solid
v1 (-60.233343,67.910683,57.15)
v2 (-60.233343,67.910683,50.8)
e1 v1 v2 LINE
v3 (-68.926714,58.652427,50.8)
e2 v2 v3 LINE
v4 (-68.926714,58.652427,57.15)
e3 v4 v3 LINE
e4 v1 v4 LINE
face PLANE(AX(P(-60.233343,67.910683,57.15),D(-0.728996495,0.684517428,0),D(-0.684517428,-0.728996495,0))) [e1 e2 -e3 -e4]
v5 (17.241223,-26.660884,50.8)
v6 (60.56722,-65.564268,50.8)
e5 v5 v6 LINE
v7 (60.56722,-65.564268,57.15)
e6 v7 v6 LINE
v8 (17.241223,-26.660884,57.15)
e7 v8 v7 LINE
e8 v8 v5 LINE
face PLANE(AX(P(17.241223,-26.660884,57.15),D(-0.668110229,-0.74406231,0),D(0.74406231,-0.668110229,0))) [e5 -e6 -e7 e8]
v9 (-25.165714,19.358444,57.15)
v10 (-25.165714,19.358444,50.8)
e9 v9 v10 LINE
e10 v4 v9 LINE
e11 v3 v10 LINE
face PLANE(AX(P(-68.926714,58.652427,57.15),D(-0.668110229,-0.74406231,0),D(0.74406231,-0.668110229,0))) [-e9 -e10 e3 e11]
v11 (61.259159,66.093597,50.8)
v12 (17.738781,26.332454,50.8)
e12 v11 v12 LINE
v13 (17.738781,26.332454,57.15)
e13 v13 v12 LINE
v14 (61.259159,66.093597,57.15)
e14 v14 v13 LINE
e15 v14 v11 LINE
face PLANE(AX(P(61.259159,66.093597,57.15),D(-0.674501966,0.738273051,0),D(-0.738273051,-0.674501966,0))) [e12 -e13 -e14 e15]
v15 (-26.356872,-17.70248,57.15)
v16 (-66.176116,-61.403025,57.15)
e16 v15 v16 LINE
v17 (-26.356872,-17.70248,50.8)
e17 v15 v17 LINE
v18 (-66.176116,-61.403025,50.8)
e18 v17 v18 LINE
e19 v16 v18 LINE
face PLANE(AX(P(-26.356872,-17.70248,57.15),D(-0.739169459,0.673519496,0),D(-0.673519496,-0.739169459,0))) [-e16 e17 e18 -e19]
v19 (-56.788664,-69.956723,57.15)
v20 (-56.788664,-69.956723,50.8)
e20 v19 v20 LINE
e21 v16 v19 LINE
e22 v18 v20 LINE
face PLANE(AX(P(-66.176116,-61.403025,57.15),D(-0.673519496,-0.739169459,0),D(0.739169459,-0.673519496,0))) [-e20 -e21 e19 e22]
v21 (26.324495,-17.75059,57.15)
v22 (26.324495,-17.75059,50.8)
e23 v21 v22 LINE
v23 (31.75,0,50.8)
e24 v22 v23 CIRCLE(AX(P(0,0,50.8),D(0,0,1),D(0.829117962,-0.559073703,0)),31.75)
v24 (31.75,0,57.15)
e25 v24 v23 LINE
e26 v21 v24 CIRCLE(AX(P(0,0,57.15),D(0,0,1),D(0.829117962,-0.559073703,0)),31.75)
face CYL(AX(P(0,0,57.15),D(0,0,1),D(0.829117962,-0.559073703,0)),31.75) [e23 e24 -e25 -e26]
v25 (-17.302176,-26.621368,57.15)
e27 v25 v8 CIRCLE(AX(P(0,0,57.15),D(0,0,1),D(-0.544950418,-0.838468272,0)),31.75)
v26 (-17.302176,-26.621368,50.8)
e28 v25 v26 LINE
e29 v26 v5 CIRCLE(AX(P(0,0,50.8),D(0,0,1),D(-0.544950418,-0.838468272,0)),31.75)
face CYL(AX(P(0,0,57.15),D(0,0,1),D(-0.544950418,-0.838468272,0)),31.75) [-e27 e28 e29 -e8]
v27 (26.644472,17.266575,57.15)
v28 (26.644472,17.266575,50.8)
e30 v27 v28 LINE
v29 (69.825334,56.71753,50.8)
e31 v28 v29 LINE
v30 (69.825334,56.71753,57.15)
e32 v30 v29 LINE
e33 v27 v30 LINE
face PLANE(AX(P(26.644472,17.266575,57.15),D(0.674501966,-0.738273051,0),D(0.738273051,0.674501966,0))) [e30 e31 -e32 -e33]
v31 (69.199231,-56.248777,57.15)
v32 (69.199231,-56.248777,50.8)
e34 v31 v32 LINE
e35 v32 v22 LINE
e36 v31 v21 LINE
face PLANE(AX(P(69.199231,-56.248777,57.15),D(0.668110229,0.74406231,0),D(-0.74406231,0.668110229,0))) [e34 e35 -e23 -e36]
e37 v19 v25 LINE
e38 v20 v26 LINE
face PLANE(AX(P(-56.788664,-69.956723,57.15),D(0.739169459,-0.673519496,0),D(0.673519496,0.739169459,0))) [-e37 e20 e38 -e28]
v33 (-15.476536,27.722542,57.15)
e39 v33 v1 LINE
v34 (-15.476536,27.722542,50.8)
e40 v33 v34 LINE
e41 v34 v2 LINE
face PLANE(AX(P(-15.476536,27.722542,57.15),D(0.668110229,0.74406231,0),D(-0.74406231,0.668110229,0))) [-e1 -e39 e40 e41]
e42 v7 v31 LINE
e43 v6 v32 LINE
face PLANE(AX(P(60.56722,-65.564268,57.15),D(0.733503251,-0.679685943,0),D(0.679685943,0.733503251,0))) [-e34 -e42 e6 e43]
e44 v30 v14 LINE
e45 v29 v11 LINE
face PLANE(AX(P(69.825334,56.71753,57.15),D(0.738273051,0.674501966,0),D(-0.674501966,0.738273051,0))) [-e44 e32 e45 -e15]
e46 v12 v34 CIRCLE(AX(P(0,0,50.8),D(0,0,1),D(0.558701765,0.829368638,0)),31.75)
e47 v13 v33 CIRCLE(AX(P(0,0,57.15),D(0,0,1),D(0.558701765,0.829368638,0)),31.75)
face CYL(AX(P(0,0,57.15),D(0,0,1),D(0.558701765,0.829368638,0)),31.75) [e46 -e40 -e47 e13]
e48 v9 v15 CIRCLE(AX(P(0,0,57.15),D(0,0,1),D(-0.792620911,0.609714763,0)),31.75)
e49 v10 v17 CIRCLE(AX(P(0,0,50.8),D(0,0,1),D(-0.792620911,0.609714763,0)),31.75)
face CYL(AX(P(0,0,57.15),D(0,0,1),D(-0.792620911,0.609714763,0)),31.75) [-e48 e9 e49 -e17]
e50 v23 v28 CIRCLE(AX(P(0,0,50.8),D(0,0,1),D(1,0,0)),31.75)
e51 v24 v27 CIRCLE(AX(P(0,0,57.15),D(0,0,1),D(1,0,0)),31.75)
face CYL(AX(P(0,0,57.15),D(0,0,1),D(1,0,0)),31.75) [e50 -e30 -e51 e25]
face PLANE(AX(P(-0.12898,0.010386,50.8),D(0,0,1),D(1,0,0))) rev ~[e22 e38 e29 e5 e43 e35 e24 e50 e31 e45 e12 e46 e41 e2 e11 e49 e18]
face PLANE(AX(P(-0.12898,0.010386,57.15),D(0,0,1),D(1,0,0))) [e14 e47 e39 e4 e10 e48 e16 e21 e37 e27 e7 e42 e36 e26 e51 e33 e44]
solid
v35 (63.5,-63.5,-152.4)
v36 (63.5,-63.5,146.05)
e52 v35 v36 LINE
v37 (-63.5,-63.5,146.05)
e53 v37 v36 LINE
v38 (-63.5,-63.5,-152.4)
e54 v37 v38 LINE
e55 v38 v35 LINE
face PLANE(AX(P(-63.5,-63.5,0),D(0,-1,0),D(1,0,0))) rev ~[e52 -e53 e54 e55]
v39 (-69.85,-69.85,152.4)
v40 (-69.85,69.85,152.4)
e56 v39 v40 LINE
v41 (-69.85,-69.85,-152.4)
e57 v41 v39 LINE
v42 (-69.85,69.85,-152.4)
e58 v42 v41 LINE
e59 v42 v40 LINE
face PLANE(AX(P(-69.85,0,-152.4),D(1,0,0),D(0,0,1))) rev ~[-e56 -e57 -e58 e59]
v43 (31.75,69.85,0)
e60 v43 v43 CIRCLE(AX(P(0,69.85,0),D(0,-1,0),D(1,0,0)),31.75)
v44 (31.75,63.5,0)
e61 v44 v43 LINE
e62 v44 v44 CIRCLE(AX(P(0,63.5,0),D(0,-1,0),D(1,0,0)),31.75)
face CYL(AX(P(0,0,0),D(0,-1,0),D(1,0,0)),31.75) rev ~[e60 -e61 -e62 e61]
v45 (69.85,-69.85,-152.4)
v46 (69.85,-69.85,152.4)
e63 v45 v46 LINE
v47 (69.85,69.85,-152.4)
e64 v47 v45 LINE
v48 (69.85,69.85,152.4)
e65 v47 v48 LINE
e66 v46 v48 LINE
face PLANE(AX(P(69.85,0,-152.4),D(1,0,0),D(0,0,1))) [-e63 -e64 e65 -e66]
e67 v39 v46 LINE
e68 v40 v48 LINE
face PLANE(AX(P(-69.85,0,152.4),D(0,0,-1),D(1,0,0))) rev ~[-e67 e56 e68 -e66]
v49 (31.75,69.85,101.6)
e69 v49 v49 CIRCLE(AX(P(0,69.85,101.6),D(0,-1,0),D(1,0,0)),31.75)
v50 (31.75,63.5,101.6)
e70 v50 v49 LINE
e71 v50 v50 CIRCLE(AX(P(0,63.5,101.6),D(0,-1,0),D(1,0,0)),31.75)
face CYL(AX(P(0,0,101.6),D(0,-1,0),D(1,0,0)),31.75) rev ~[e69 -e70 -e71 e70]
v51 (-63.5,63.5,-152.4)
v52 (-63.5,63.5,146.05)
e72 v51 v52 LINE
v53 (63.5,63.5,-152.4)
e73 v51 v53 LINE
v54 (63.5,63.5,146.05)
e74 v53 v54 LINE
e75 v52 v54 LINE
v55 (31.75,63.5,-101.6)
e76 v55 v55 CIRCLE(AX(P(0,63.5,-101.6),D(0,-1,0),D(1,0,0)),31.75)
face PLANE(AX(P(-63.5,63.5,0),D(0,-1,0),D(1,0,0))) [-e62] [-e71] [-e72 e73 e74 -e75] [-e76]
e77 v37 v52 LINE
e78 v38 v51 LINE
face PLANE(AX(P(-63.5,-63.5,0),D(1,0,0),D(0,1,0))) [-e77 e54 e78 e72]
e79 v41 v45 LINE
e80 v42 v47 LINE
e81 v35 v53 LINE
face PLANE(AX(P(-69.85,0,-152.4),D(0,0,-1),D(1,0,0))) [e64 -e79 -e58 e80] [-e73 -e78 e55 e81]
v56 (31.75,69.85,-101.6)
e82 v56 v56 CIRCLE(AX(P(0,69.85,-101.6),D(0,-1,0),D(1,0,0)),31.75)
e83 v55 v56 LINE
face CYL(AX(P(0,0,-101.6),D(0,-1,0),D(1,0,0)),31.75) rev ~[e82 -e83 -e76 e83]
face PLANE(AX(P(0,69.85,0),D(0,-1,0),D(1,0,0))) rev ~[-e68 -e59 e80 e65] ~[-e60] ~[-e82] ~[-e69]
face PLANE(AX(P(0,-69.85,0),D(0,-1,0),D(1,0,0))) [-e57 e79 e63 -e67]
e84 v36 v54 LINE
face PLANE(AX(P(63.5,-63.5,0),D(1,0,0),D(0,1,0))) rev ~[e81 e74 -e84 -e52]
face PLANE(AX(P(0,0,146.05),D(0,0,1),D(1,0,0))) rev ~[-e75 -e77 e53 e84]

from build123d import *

# Parameters (mm, degrees)
F0_W          = 139.7
F0_H          = 304.8
F1_DEPTH      = 69.85
F2_W          = 127
F2_H          = 127
F3_DEPTH      = 152.4
F3_DEPTH_BACK = 146.05
F4_R          = 31.75
F5_DEPTH      = 127
F8_DEPTH      = 6.35


with BuildPart() as f1:
    # F0 (on Front) → F1 (new body, symmetric)
    with BuildSketch(Plane.XZ):
        Rectangle(F0_W, F0_H)
    extrude(amount=F1_DEPTH, both=True)

    # F2 (on Top) → F3 (cut, two sides)
    with BuildSketch(Plane.XY) as f3_sk:
        Rectangle(F2_W, F2_H)
    extrude(amount=-F3_DEPTH, mode=Mode.SUBTRACT)
    extrude(f3_sk.sketch, amount=F3_DEPTH_BACK, mode=Mode.SUBTRACT)

    # F4 (on Front) → F5 (cut)
    with BuildSketch(Plane.XZ):
        Circle(F4_R)
        with Locations((0, 101.6)):
            Circle(F4_R)
        with Locations((0, -101.6)):
            Circle(F4_R)
    extrude(amount=-F5_DEPTH, mode=Mode.SUBTRACT)

    # F10 (on offset) → F11 (revolve, cut)
    with BuildSketch(Plane.XY.offset(44.45)):
        with BuildLine():
            Line((0, -6.35), (0, 0))
            Line((0, 0), (0, 6.35))
            ThreePointArc((0, 6.35), (-6.35, 0), (0, -6.35))
        make_face()
    revolve(axis=Axis((0, -3.175, 44.45), (0, -1, 0)), mode=Mode.SUBTRACT)


with BuildPart() as f8:
    # F7 (on offset) → F8 (new body)
    with BuildSketch(Plane.XY.offset(57.15)):
        with BuildLine():
            ThreePointArc((26.3244952978, -17.7505900554), (30.3633432424, -9.2806188989), (31.75, 0))
            ThreePointArc((31.75, 0), (30.446875694, 9.0027918155), (26.6444717812, 17.2665753264))
            Line((26.6444717812, 17.2665753264), (23.8826018393, 14.7432721863))
            Line((23.8826018393, 14.7432721863), (15.3164268655, 24.1193399291))
            Line((15.3164268655, 24.1193399291), (17.7387810505, 26.3324542502))
            ThreePointArc((17.7387810505, 26.3324542502), (1.3276009662, 31.7222315683), (-15.4765358755, 27.7225420425))
            Line((-15.4765358755, 27.7225420425), (-12.9853863034, 25.485682995))
            Line((-12.9853863034, 25.485682995), (-21.6787576449, 16.227427505))
            Line((-21.6787576449, 16.227427505), (-25.1657139179, 19.3584437133))
            ThreePointArc((-25.1657139179, 19.3584437133), (-31.7336135863, 1.0199356609), (-26.3568722235, -17.7024796736))
            Line((-26.3568722235, -17.7024796736), (-23.4076284828, -14.4657643103))
            Line((-23.4076284828, -14.4657643103), (-14.0201763565, -23.019461907))
            Line((-14.0201763565, -23.019461907), (-17.3021757576, -26.6213676218))
            ThreePointArc((-17.3021757576, -26.6213676218), (-0.0363207978, -31.7499792252), (17.2412228394, -26.6608839877))
            Line((17.2412228394, -26.6608839877), (15.2091812342, -24.836268276))
            Line((15.2091812342, -24.836268276), (23.8411927104, -15.5207769913))
            Line((23.8411927104, -15.5207769913), (26.3244952978, -17.7505900554))
        make_face()
        with BuildLine():
            Line((23.8826018393, 14.7432721863), (26.6444717812, 17.2665753264))
            ThreePointArc((26.6444717812, 17.2665753264), (22.6498526076, 22.2496444208), (17.7387810505, 26.3324542502))
            Line((17.7387810505, 26.3324542502), (15.3164268655, 24.1193399291))
            Line((15.3164268655, 24.1193399291), (23.8826018393, 14.7432721863))
        make_face()
        with BuildLine():
            ThreePointArc((17.7387810505, 26.3324542502), (22.6498526076, 22.2496444208), (26.6444717812, 17.2665753264))
            Line((26.6444717812, 17.2665753264), (69.8253337792, 56.7175295579))
            Line((69.8253337792, 56.7175295579), (61.2591588054, 66.0935973007))
            Line((61.2591588054, 66.0935973007), (17.7387810505, 26.3324542502))
        make_face()
        with BuildLine():
            Line((69.1992311576, -56.2487765521), (26.3244952978, -17.7505900554))
            ThreePointArc((26.3244952978, -17.7505900554), (22.233786985, -22.6654189528), (17.2412228394, -26.6608839877))
            Line((17.2412228394, -26.6608839877), (60.5672196814, -65.5642678368))
            Line((60.5672196814, -65.5642678368), (69.1992311576, -56.2487765521))
        make_face()
        with BuildLine():
            ThreePointArc((17.2412228394, -26.6608839877), (22.233786985, -22.6654189528), (26.3244952978, -17.7505900554))
            Line((26.3244952978, -17.7505900554), (23.8411927104, -15.5207769913))
            Line((23.8411927104, -15.5207769913), (15.2091812342, -24.836268276))
            Line((15.2091812342, -24.836268276), (17.2412228394, -26.6608839877))
        make_face()
        with BuildLine():
            Line((-12.9853863034, 25.485682995), (-15.4765358755, 27.7225420425))
            ThreePointArc((-15.4765358755, 27.7225420425), (-20.7469914031, 24.033827155), (-25.1657139179, 19.3584437133))
            Line((-25.1657139179, 19.3584437133), (-21.6787576449, 16.227427505))
            Line((-21.6787576449, 16.227427505), (-12.9853863034, 25.485682995))
        make_face()
        with BuildLine():
            ThreePointArc((-25.1657139179, 19.3584437133), (-20.7469914031, 24.033827155), (-15.4765358755, 27.7225420425))
            Line((-15.4765358755, 27.7225420425), (-60.2333430192, 67.9106825375))
            Line((-60.2333430192, 67.9106825375), (-68.9267143607, 58.6524270475))
            Line((-68.9267143607, 58.6524270475), (-25.1657139179, 19.3584437133))
        make_face()
        with BuildLine():
            Line((-56.7886643402, -69.9567225384), (-17.3021757576, -26.6213676218))
            ThreePointArc((-17.3021757576, -26.6213676218), (-22.2803671023, -22.6196317784), (-26.3568722235, -17.7024796736))
            Line((-26.3568722235, -17.7024796736), (-66.1761164665, -61.4030249417))
            Line((-66.1761164665, -61.4030249417), (-56.7886643402, -69.9567225384))
        make_face()
        with BuildLine():
            ThreePointArc((-26.3568722235, -17.7024796736), (-22.2803671023, -22.6196317784), (-17.3021757576, -26.6213676218))
            Line((-17.3021757576, -26.6213676218), (-14.0201763565, -23.019461907))
            Line((-14.0201763565, -23.019461907), (-23.4076284828, -14.4657643103))
            Line((-23.4076284828, -14.4657643103), (-26.3568722235, -17.7024796736))
        make_face()
    extrude(amount=-F8_DEPTH)


solid = Compound([f1.part, f8.part])
